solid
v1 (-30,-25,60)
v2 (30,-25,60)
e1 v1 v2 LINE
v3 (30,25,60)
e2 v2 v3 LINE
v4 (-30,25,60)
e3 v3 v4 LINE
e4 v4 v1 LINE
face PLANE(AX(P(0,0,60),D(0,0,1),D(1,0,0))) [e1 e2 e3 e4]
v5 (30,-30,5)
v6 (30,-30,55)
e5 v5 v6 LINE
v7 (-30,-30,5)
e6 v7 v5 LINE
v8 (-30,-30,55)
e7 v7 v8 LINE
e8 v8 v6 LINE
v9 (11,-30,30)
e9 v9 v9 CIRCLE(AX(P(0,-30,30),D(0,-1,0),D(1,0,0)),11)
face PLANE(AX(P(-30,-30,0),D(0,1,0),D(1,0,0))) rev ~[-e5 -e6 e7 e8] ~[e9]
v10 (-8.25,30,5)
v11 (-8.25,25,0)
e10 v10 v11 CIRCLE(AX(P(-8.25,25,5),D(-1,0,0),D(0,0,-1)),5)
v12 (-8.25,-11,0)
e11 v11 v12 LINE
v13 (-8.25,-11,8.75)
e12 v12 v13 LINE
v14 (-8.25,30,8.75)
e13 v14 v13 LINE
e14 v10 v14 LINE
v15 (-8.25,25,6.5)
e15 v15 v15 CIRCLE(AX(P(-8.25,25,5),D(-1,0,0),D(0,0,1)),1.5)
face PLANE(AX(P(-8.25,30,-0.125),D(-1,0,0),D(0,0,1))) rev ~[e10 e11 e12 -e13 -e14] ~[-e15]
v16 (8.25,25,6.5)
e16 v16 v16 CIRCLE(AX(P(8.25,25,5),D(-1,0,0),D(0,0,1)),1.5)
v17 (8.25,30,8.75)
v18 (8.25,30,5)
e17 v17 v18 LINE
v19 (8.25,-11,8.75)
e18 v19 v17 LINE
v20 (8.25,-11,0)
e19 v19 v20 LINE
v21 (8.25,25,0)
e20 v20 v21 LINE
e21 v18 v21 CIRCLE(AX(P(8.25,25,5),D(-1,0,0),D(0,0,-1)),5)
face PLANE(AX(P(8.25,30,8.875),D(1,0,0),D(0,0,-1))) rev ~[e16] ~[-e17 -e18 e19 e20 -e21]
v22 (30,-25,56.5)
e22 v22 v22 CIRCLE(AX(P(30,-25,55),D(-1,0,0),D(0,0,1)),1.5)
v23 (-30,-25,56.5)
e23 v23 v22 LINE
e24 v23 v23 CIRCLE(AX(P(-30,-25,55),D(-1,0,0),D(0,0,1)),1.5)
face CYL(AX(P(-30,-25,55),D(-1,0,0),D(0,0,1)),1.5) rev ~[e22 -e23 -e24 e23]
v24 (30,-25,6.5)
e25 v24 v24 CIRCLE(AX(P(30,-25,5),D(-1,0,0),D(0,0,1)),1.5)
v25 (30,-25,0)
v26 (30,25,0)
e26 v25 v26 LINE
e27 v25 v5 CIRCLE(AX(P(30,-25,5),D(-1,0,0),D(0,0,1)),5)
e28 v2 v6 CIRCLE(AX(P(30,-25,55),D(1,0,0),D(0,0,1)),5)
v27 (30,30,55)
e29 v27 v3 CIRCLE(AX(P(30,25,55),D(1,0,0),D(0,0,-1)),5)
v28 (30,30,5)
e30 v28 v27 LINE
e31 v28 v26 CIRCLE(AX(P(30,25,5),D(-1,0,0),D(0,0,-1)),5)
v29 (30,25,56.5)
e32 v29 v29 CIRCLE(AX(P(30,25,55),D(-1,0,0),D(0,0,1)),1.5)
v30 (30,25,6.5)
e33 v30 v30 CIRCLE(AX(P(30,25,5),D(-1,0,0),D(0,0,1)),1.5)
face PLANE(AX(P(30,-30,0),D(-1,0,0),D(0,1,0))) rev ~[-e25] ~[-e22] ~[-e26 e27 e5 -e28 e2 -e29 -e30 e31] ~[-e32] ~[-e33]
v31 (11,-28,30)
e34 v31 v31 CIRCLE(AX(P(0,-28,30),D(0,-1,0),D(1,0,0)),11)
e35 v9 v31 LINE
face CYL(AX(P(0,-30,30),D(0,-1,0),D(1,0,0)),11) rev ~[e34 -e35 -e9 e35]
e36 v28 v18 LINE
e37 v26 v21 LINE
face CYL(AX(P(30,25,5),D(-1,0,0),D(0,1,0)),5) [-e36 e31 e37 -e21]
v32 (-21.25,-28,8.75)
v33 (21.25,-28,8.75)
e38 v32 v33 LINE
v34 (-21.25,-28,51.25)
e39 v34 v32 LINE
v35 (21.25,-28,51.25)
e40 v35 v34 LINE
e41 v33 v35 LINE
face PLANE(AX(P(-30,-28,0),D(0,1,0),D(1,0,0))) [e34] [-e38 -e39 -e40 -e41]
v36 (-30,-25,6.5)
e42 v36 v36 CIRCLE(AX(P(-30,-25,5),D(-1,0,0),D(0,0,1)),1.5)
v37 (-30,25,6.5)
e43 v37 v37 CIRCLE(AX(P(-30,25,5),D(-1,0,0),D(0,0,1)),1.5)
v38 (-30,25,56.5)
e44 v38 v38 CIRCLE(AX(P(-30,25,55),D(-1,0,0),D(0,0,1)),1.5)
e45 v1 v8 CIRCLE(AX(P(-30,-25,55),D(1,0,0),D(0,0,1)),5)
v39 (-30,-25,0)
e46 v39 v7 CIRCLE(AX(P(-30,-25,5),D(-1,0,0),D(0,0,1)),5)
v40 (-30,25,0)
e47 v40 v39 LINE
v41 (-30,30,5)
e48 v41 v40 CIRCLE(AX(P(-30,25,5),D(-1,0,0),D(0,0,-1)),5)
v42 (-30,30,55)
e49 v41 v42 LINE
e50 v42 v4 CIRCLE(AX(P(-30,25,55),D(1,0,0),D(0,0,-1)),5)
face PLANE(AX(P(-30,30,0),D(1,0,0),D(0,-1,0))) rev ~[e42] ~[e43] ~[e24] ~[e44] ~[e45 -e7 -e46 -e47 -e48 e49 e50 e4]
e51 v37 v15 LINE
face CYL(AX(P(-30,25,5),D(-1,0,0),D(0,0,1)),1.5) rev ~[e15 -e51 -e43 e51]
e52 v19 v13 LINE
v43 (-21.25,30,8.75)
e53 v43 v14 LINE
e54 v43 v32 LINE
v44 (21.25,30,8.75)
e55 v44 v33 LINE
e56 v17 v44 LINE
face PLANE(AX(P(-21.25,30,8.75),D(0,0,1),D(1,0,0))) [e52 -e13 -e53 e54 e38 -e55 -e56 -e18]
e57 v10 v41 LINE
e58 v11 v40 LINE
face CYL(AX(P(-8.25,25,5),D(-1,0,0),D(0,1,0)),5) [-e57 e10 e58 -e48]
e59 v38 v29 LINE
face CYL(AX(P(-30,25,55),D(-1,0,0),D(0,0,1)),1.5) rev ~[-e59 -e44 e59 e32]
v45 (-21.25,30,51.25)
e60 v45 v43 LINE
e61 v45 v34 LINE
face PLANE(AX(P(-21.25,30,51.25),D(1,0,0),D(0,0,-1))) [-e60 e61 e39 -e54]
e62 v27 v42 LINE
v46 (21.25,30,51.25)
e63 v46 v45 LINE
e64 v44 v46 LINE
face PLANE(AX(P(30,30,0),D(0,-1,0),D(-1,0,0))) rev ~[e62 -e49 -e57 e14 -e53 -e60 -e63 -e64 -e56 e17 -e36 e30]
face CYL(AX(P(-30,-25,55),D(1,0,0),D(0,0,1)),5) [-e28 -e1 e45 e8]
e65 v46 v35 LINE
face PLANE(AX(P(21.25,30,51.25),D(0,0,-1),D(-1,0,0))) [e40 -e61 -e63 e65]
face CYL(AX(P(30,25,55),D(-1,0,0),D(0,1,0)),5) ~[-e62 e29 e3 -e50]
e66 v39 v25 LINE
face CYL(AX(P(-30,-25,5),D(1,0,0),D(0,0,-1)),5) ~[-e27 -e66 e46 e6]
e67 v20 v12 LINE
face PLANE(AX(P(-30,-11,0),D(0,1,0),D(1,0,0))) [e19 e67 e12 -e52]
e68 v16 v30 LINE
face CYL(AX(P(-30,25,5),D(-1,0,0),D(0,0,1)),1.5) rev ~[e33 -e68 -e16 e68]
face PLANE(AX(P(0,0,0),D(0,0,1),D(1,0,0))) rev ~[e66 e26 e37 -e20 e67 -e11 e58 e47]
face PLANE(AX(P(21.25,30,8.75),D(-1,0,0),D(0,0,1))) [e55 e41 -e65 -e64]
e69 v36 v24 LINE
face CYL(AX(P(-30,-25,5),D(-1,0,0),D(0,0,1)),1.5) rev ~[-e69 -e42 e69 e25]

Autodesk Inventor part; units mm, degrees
ref_plane "YZ Plane" through (0, 0, 0) normal (1, 0, 0) x (0, 1, 0)
ref_plane "XZ Plane" through (0, 0, 0) normal (0, 1, 0) x (-1, 0, 0)
ref_plane "XY Plane" through (0, 0, 0) normal (0, 0, 1) x (1, 0, 0)
sketch "Sketch1" plane through (0, 0, 0) normal (0, 0, 1) x (1, 0, 0)
  line L0 (-30, -30) -> (30, -30)
  line L1 (30, -30) -> (30, 30)
  line L2 (30, 30) -> (-30, 30)
  line L3 (-30, 30) -> (-30, -30)
  line L4 (-30, -30) -> (30, 30) construction
  line L5 (30, -30) -> (-30, 30) construction
  point P0 (0, 0)
  dimension "d0" = 60
  dimension "d1" = 60
extrude "Main Block" add sketch "Sketch1" along normal blind 60
sketch "Sketch2" plane through (-30, 30, 0) normal (0, 1, 0) x (1, 0, 0)
  line L0 (0, -60) -> (60, -60) construction
  line L1 (0, 0) -> (60, 0) construction
  line L2 (60, -60) -> (0, 0) construction
  line L3 (51.25, -51.25) -> (8.75, -51.25)
  line L4 (8.75, -51.25) -> (8.75, -8.75)
  line L5 (8.75, -8.75) -> (51.25, -8.75)
  line L6 (51.25, -8.75) -> (51.25, -51.25)
  line L7 (51.25, -51.25) -> (8.75, -8.75) construction
  line L8 (8.75, -51.25) -> (51.25, -8.75) construction
  line L9 (30, -30) -> (30, -51.25) construction
  point P0 (30, 0)
  dimension "d4" = 42.5
  dimension "d5" = 42.5
extrude "Motor Void" cut sketch "Sketch2" against normal blind 58
sketch "Sketch3" plane through (-30, 30, 0) normal (0, 1, 0) x (1, 0, 0)
  line L0 (30, 0) -> (30, -8.75) construction
  line L1 (8.75, -8.75) -> (51.25, -8.75) construction
  line L2 (38.25, 0.125) -> (21.75, 0.125)
  line L3 (21.75, 0.125) -> (21.75, -8.875)
  line L4 (21.75, -8.875) -> (38.25, -8.875)
  line L5 (38.25, -8.875) -> (38.25, 0.125)
  line L6 (38.25, 0.125) -> (21.75, -8.875) construction
  line L7 (21.75, 0.125) -> (38.25, -8.875) construction
  point P0 (30, -4.375)
  dimension "d30" = 16.5
  dimension "d31" = 9
extrude "Cable Void" cut sketch "Sketch3" against normal blind 41
sketch "Sketch4" plane through (-30, -30, 0) normal (0, -1, 0) x (1, 0, 0)
  line L0 (0, 0) -> (0, 60) construction
  line L1 (60, 60) -> (0, 60) construction
  line L2 (0, 0) -> (60, 60) construction
  circle A0 centre (30, 30) radius 11
  point P0 (30, 0)
  dimension "d12" = 22
extrude "Raised Void" cut sketch "Sketch4" against normal blind 2
sketch "Sketch6" plane through (-30, -30, 0) normal (-1, 0, 0) x (0, 0, 1)
  line L0 (60, 0) -> (60, 60) construction
  line L1 (60, 60) -> (60, 55) construction
  line L2 (60, 55) -> (55, 55) construction
  line L3 (60, 0) -> (60, 5) construction
  line L4 (60, 5) -> (55, 5) construction
  line L5 (0, 0) -> (5, 0) construction
  line L6 (0, 0) -> (60, 0) construction
  line L7 (5, 0) -> (5, 5) construction
  line L8 (0, 60) -> (0, 0) construction
  line L9 (0, 60) -> (5, 60) construction
  line L10 (0, 60) -> (60, 60) construction
  line L11 (5, 60) -> (5, 55) construction
  circle A0 centre (55, 55) radius 1.5
  circle A1 centre (55, 5) radius 1.5
  circle A2 centre (5, 5) radius 1.5
  circle A3 centre (5, 55) radius 1.5
  point P0 (0, 30)
  dimension "d32" = 5
  dimension "d33" = 5
  dimension "d34" = 5
  dimension "d35" = 5
  dimension "d36" = 5
  dimension "d37" = 5
  dimension "d38" = 5
  dimension "d39" = 5
  dimension "d40" = 3
  dimension "d41" = 3
  dimension "d42" = 3
  dimension "d43" = 3
extrude "Holes" cut sketch "Sketch6" against normal blind 60
fillet "Cleaning it up" radius 5 5 edges at (0, 30, 60) (0, -30, 60) (19.125, 30, 0) (-19.125, 30, 0) (0, -30, 0)
equation "\"d4\" = d5"
properties part number "60x60Motor"
